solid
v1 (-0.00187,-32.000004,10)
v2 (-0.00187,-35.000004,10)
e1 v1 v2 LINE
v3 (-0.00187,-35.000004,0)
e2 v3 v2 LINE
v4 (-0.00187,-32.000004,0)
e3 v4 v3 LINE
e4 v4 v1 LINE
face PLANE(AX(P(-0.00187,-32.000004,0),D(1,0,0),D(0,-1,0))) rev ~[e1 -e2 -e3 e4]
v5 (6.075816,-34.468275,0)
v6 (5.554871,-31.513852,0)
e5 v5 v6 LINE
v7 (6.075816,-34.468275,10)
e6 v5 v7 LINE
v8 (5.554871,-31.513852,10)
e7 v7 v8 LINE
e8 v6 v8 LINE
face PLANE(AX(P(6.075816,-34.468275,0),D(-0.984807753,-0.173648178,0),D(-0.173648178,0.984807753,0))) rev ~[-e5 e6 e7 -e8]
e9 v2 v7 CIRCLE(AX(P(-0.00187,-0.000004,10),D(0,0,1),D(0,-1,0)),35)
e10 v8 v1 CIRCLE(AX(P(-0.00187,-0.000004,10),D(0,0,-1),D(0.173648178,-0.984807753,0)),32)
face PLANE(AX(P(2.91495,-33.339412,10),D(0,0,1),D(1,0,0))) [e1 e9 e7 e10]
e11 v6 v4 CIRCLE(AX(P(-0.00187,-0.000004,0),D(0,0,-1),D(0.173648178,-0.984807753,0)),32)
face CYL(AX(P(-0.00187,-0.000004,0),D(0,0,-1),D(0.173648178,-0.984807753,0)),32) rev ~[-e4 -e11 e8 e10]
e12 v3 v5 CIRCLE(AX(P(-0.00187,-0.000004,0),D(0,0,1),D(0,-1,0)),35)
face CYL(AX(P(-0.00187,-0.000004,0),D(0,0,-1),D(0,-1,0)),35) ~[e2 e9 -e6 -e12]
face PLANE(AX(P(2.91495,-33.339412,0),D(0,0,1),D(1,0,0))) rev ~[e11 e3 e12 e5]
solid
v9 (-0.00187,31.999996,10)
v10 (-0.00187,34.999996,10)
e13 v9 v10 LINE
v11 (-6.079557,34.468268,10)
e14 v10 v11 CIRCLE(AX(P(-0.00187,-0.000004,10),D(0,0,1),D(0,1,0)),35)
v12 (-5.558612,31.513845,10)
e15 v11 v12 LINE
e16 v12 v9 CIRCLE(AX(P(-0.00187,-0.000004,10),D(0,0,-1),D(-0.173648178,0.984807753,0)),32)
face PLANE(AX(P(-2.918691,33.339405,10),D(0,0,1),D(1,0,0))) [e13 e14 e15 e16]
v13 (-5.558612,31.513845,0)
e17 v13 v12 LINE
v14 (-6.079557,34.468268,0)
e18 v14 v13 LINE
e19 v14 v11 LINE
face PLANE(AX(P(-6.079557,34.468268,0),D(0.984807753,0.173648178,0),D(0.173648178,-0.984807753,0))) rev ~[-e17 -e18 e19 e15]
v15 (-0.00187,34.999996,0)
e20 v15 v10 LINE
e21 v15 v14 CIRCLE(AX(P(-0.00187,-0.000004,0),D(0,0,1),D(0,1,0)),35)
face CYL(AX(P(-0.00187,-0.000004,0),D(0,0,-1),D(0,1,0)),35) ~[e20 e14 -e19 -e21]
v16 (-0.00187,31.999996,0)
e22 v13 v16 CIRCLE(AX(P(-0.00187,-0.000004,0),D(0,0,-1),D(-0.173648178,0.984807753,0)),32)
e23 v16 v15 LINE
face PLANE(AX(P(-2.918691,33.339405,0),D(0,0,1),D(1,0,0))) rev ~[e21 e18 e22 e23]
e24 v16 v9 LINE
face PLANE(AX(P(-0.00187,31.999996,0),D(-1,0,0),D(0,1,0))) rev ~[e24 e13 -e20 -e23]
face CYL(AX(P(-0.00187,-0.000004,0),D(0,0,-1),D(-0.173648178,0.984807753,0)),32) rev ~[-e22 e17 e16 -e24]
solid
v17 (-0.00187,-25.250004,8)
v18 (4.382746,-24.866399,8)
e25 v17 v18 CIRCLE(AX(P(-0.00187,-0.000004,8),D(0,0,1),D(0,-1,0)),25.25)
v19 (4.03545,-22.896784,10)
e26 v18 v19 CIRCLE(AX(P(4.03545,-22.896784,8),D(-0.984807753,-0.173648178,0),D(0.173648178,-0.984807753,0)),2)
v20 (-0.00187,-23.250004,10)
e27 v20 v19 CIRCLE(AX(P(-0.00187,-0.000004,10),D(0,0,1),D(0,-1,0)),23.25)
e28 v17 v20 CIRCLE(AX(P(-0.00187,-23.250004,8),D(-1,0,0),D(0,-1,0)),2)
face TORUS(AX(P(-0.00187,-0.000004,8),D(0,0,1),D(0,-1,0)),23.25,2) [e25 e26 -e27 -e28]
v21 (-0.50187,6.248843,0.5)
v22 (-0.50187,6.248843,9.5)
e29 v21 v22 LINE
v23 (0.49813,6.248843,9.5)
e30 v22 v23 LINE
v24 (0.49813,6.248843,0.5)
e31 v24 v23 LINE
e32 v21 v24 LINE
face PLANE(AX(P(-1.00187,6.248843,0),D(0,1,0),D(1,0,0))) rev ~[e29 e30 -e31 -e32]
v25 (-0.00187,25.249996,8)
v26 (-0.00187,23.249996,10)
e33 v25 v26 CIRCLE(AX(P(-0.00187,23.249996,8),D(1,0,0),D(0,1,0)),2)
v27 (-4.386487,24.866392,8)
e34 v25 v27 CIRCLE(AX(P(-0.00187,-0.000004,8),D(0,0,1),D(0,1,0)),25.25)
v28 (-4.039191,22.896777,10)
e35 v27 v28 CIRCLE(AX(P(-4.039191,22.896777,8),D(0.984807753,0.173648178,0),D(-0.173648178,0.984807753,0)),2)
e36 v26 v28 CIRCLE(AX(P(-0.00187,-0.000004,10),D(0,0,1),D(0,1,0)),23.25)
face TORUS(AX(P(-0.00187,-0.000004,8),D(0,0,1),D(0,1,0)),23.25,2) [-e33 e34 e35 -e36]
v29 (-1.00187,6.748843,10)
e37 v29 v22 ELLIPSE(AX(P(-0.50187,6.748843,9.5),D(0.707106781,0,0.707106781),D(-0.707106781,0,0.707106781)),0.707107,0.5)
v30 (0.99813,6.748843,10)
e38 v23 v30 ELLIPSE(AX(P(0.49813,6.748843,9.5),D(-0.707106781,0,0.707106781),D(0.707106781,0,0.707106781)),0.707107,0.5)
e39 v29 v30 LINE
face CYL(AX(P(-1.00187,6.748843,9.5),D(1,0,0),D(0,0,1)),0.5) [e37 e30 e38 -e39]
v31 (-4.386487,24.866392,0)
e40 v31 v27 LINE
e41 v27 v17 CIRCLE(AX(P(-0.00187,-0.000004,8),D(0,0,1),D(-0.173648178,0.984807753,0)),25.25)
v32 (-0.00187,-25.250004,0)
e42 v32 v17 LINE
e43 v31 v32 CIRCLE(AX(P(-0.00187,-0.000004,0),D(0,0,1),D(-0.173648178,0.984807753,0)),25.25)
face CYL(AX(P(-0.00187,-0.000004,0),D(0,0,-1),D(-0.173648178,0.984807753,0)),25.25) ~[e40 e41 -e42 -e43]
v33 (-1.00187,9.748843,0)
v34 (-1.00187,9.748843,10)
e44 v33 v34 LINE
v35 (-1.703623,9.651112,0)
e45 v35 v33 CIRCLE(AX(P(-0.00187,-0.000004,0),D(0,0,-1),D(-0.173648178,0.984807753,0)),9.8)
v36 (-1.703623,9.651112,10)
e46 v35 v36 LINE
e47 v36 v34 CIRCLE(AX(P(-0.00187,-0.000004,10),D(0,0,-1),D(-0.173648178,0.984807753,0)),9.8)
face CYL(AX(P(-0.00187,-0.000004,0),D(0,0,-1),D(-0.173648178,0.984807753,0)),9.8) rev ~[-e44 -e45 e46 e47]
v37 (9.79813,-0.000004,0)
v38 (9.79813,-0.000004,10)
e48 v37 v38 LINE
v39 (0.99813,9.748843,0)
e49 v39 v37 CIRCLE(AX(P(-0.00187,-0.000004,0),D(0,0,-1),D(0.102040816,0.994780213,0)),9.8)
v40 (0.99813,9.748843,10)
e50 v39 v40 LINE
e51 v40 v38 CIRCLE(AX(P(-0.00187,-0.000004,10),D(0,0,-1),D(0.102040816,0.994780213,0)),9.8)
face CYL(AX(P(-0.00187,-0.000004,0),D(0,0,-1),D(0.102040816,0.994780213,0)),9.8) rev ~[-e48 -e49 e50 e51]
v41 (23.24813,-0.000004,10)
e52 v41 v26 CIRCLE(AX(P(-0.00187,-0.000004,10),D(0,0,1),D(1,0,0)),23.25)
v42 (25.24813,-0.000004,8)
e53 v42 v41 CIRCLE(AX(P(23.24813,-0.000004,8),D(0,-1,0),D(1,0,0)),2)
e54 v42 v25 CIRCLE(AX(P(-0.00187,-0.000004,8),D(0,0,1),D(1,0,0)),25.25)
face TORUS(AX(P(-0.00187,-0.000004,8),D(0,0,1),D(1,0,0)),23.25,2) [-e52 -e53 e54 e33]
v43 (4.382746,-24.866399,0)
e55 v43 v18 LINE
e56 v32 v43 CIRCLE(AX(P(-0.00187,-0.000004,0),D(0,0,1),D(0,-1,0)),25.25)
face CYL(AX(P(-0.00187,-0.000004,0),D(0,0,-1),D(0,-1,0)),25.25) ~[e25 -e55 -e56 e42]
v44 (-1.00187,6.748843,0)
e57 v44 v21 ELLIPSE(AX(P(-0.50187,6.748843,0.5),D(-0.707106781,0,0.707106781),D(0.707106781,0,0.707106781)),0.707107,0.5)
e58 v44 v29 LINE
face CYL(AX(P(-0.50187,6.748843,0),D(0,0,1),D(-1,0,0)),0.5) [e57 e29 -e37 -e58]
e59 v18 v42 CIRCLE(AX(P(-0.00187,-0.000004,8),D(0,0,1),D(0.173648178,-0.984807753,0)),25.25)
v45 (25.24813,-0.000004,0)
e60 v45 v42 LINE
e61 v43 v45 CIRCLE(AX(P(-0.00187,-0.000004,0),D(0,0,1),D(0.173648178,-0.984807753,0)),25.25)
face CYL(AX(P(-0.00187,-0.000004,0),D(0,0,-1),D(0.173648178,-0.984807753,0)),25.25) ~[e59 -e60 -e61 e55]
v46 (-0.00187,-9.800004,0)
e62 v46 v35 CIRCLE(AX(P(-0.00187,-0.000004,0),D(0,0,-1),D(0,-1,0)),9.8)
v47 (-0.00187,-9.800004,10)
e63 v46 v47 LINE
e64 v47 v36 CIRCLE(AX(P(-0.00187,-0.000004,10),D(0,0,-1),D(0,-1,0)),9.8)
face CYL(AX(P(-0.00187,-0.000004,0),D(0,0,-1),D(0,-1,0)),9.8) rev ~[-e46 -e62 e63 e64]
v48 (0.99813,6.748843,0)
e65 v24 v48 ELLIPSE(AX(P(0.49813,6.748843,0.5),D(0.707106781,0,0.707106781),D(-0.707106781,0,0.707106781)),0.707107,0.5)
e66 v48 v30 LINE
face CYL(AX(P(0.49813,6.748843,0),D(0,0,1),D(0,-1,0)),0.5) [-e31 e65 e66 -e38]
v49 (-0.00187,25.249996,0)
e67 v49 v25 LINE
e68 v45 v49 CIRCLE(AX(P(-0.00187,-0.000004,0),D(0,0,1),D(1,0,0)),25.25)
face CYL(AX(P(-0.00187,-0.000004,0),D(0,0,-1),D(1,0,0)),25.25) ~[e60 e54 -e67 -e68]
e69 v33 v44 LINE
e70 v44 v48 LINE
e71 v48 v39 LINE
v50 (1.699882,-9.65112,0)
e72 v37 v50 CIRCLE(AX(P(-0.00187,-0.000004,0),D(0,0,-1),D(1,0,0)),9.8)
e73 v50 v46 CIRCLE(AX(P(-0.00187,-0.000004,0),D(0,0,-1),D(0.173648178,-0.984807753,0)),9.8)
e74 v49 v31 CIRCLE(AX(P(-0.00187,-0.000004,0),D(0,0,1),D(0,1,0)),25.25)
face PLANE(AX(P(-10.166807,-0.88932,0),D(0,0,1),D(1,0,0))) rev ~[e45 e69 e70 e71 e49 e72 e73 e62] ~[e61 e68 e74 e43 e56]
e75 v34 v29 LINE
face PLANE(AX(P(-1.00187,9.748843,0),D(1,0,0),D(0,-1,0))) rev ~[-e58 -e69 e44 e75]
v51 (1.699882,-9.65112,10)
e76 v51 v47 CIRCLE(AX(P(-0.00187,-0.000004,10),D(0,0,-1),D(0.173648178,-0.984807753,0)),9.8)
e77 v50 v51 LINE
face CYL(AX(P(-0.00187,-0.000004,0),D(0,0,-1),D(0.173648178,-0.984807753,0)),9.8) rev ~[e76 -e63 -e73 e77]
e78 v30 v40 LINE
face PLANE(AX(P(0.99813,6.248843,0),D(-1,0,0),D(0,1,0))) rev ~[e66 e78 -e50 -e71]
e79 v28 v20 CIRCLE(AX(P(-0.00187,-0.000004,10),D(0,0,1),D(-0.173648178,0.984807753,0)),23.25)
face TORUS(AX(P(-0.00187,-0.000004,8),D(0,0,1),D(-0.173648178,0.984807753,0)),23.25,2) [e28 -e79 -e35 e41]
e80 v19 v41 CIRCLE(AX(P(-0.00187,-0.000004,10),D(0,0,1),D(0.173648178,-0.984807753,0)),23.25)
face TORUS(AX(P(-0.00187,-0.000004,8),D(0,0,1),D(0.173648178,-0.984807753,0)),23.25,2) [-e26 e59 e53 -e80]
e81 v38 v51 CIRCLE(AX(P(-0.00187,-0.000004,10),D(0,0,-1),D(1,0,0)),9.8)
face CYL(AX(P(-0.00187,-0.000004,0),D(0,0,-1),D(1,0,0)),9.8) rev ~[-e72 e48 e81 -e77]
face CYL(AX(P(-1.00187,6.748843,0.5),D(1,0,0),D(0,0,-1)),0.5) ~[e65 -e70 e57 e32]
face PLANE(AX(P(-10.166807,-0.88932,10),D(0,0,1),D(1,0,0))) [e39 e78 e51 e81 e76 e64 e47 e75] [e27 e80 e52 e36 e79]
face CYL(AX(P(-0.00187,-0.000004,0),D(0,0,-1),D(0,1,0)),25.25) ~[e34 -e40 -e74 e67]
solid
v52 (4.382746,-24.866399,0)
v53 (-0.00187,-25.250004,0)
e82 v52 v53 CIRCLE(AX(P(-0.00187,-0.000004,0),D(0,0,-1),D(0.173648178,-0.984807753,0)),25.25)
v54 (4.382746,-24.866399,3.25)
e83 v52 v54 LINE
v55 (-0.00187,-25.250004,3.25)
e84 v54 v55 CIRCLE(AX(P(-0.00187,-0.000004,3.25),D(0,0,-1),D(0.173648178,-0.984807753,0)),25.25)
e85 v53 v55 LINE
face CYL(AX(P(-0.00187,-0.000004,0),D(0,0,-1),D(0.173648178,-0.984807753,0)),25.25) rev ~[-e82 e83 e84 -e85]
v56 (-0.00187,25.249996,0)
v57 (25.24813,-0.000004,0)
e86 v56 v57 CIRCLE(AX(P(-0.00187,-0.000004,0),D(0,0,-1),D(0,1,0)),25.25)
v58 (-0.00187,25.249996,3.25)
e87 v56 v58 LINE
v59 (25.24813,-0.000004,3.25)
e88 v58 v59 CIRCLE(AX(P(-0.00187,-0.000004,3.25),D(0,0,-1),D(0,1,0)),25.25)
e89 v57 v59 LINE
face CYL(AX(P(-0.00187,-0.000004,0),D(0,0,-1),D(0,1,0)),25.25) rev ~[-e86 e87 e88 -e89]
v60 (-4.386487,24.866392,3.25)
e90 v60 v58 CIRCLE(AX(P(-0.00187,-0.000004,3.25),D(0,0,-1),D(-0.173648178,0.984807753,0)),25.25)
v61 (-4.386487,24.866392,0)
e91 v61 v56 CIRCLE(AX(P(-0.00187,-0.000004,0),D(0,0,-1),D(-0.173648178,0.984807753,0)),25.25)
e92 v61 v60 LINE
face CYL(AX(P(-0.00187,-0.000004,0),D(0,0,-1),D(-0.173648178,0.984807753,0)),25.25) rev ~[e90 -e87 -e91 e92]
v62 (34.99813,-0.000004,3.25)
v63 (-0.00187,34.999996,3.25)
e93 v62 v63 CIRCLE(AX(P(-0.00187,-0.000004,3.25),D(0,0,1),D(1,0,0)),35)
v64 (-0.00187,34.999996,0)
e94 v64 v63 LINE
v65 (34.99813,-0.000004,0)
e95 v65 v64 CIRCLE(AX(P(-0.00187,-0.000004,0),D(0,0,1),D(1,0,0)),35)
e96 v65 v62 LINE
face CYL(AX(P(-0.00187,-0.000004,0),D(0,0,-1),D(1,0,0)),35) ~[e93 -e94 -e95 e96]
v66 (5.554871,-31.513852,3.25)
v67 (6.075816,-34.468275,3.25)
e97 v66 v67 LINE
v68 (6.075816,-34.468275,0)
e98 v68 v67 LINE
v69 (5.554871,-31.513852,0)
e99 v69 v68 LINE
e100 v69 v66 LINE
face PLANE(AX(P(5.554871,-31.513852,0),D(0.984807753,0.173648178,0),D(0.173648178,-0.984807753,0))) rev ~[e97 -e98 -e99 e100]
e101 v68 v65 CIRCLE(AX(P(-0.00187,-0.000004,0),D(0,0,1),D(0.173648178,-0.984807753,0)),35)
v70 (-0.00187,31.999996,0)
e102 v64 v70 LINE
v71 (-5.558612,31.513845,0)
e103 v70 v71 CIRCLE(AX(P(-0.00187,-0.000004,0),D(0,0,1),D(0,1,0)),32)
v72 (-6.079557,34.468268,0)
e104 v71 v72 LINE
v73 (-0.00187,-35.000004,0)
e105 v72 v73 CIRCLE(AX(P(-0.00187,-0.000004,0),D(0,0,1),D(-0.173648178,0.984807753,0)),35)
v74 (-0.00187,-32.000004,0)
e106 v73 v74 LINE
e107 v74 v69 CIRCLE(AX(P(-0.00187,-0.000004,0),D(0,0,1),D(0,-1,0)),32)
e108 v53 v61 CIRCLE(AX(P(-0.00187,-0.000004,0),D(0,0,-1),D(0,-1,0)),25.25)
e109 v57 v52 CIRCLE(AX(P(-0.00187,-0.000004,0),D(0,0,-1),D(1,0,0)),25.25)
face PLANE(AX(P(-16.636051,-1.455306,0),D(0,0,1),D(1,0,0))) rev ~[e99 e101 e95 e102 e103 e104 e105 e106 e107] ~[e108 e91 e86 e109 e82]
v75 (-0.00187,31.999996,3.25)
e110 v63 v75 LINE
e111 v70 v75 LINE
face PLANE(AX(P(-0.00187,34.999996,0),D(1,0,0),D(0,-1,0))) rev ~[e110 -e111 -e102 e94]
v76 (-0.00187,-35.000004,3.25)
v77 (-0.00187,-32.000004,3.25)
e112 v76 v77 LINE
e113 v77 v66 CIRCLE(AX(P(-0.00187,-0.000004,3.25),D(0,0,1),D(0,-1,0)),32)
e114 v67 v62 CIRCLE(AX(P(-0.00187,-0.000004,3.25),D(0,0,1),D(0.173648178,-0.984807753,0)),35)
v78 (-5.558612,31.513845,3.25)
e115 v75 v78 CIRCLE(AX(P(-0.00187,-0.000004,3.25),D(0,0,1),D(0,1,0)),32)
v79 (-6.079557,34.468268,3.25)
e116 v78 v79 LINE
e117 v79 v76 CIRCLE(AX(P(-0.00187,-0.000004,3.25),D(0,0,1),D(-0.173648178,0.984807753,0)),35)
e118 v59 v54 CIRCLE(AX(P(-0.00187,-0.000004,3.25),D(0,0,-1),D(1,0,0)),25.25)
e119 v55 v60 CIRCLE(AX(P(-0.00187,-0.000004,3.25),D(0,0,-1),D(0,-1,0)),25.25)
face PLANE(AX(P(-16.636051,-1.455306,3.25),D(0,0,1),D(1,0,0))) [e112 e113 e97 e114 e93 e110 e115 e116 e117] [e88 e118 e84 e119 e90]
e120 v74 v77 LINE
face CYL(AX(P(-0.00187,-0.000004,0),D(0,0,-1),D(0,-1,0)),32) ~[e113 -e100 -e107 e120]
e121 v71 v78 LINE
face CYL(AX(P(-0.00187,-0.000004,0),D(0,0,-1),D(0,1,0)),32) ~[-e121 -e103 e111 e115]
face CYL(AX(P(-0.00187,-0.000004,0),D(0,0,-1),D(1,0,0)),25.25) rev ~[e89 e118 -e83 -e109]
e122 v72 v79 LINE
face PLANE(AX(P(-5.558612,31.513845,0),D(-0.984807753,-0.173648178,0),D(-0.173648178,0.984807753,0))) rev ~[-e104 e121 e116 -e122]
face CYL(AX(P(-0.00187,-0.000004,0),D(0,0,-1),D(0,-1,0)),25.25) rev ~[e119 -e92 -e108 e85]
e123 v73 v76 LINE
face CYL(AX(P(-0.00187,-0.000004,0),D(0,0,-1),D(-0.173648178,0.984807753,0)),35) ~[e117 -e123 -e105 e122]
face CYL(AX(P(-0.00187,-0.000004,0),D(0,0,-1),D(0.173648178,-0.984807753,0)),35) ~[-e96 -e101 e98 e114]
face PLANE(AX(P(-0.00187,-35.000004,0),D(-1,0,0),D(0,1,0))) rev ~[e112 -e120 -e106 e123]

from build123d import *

# Parameters (mm, degrees)
F1_DEPTH = 10
F2_DEPTH = 3.25
F3_R     = 2
F4_R     = 0.5


with BuildPart() as f1:
    # F0 (on Top) → F1 (new body)
    with BuildSketch(Plane.XY):
        with BuildLine():
            Line((-1.7036226104, 9.6511124089), (-4.3864869554, 24.8663921929))
            ThreePointArc((-4.3864869554, 24.8663921929), (-25.1557865961, -2.200686075), (-0.0018704693, -25.2500035706))
            Line((-0.0018704693, -25.2500035706), (-0.0018704693, -9.8000035706))
            ThreePointArc((-0.0018704693, -9.8000035706), (-9.7645785106, -0.8541298496), (-1.7036226104, 9.6511124089))
        make_face()
        with BuildLine():
            Line((-0.0018704693, 9.7999964294), (-0.0018704693, 25.2499964294))
            ThreePointArc((-0.0018704693, 25.2499964294), (-2.2025529737, 25.1539125562), (-4.3864869554, 24.8663921929))
            Line((-4.3864869554, 24.8663921929), (-1.7036226104, 9.6511124089))
            ThreePointArc((-1.7036226104, 9.6511124089), (-1.3536300453, 9.7063214831), (-1.0018704693, 9.7488425149))
            ThreePointArc((-1.0018704693, 9.7488425149), (-0.5025242226, 9.7871995957), (-0.0018704693, 9.7999964294))
        make_face()
        with BuildLine():
            ThreePointArc((4.3827460168, -24.8663993342), (19.3407517195, -16.2303907152), (25.2481295307, -3.5706e-06))
            ThreePointArc((25.2481295307, -3.5706e-06), (17.8525757557, 17.8544426543), (-0.0018704693, 25.2499964294))
            Line((-0.0018704693, 25.2499964294), (-0.0018704693, 9.7999964294))
            ThreePointArc((-0.0018704693, 9.7999964294), (0.4987832841, 9.7871995957), (0.9981295307, 9.7488425149))
            ThreePointArc((0.9981295307, 9.7488425149), (7.2727429225, 6.5665784931), (9.7981295307, -3.5706e-06))
            ThreePointArc((9.7981295307, -3.5706e-06), (7.5053650733, -6.2993221456), (1.6998816719, -9.6511195502))
            Line((1.6998816719, -9.6511195502), (4.3827460168, -24.8663993342))
        make_face()
        with BuildLine():
            ThreePointArc((-0.0018704693, -25.2500035706), (2.1988120351, -25.1539196974), (4.3827460168, -24.8663993342))
            Line((4.3827460168, -24.8663993342), (1.6998816719, -9.6511195502))
            ThreePointArc((1.6998816719, -9.6511195502), (0.8522558097, -9.7627116119), (-0.0018704693, -9.8000035706))
            Line((-0.0018704693, -9.8000035706), (-0.0018704693, -25.2500035706))
        make_face()
        with BuildLine():
            ThreePointArc((0.9981295307, 9.7488425149), (0.4987832841, 9.7871995957), (-0.0018704693, 9.7999964294))
            Line((-0.0018704693, 9.7999964294), (-0.0018704693, 6.2488425149))
            Line((-0.0018704693, 6.2488425149), (0.9981295307, 6.2488425149))
            Line((0.9981295307, 6.2488425149), (0.9981295307, 9.7488425149))
        make_face()
        with BuildLine():
            Line((-0.0018704693, 6.2488425149), (-0.0018704693, 9.7999964294))
            ThreePointArc((-0.0018704693, 9.7999964294), (-0.5025242226, 9.7871995957), (-1.0018704693, 9.7488425149))
            Line((-1.0018704693, 9.7488425149), (-1.0018704693, 6.2488425149))
            Line((-1.0018704693, 6.2488425149), (-0.0018704693, 6.2488425149))
        make_face()
    extrude(amount=F1_DEPTH)

    # F3
    f3_edges = [f1.edges().sort_by_distance(p)[0] for p in [
        (-0.00187, 25.249996, 10),
    ]]
    fillet(f3_edges, radius=F3_R)

    # F4
    f4_edges = [f1.edges().sort_by_distance(p)[0] for p in [
        (0.99813, 6.248843, 5),
        (-1.00187, 6.248843, 5),
        (-0.00187, 6.248843, 10),
        (-0.00187, 6.248843, 0),
    ]]
    fillet(f4_edges, radius=F4_R)


with BuildPart() as f1b:
    # F0 (on Top) → F1, piece 2 (new body)
    with BuildSketch(Plane.XY):
        with BuildLine():
            ThreePointArc((-5.5586121546, 31.5138445258), (-2.7908542372, 31.8782267683), (-0.0018704693, 31.9999964294))
            Line((-0.0018704693, 31.9999964294), (-0.0018704693, 34.9999964294))
            ThreePointArc((-0.0018704693, 34.9999964294), (-3.0523214654, 34.8668108626), (-6.0795566876, 34.4682677848))
            Line((-6.0795566876, 34.4682677848), (-5.5586121546, 31.5138445258))
        make_face()
    extrude(amount=F1_DEPTH)


with BuildPart() as f1c:
    # F0 (on Top) → F1, piece 3 (new body)
    with BuildSketch(Plane.XY):
        with BuildLine():
            Line((6.0758157491, -34.4682749261), (5.5548712161, -31.513851667))
            ThreePointArc((5.5548712161, -31.513851667), (2.7871132987, -31.8782339096), (-0.0018704693, -32.0000035706))
            Line((-0.0018704693, -32.0000035706), (-0.0018704693, -35.0000035706))
            ThreePointArc((-0.0018704693, -35.0000035706), (3.0485805269, -34.8668180038), (6.0758157491, -34.4682749261))
        make_face()
    extrude(amount=F1_DEPTH)


with BuildPart() as f2:
    # F0 (on Top) → F2 (new body)
    with BuildSketch(Plane.XY):
        with BuildLine():
            ThreePointArc((-0.0018704693, -25.2500035706), (-25.1557865961, -2.200686075), (-4.3864869554, 24.8663921929))
            Line((-4.3864869554, 24.8663921929), (-5.5586121546, 31.5138445258))
            ThreePointArc((-5.5586121546, 31.5138445258), (-31.8801008082, -2.7889873386), (-0.0018704693, -32.0000035706))
            Line((-0.0018704693, -32.0000035706), (-0.0018704693, -25.2500035706))
        make_face()
        with BuildLine():
            ThreePointArc((-0.0018704693, -32.0000035706), (-31.8801008082, -2.7889873386), (-5.5586121546, 31.5138445258))
            Line((-5.5586121546, 31.5138445258), (-6.0795566876, 34.4682677848))
            ThreePointArc((-6.0795566876, 34.4682677848), (-34.8686849025, -3.0504545668), (-0.0018704693, -35.0000035706))
            Line((-0.0018704693, -35.0000035706), (-0.0018704693, -32.0000035706))
        make_face()
        with BuildLine():
            ThreePointArc((-4.3864869554, 24.8663921929), (-2.2025529737, 25.1539125562), (-0.0018704693, 25.2499964294))
            Line((-0.0018704693, 25.2499964294), (-0.0018704693, 31.9999964294))
            ThreePointArc((-0.0018704693, 31.9999964294), (-2.7908542372, 31.8782267683), (-5.5586121546, 31.5138445258))
            Line((-5.5586121546, 31.5138445258), (-4.3864869554, 24.8663921929))
        make_face()
        with BuildLine():
            Line((-0.0018704693, 34.9999964294), (-0.0018704693, 31.9999964294))
            ThreePointArc((-0.0018704693, 31.9999964294), (22.6255465287, 22.6274134273), (31.9981295307, -3.5706e-06))
            ThreePointArc((31.9981295307, -3.5706e-06), (24.5115517105, -20.5692070806), (5.5548712161, -31.513851667))
            Line((5.5548712161, -31.513851667), (6.0758157491, -34.4682749261))
            ThreePointArc((6.0758157491, -34.4682749261), (26.8096850399, -22.4975699097), (34.9981295307, -3.5706e-06))
            ThreePointArc((34.9981295307, -3.5706e-06), (24.7468668723, 24.7487337709), (-0.0018704693, 34.9999964294))
        make_face()
        with BuildLine():
            ThreePointArc((-0.0018704693, 25.2499964294), (17.8525757557, 17.8544426543), (25.2481295307, -3.5706e-06))
            ThreePointArc((25.2481295307, -3.5706e-06), (19.3407517195, -16.2303907152), (4.3827460168, -24.8663993342))
            Line((4.3827460168, -24.8663993342), (5.5548712161, -31.513851667))
            ThreePointArc((5.5548712161, -31.513851667), (24.5115517105, -20.5692070806), (31.9981295307, -3.5706e-06))
            ThreePointArc((31.9981295307, -3.5706e-06), (22.6255465287, 22.6274134273), (-0.0018704693, 31.9999964294))
            Line((-0.0018704693, 31.9999964294), (-0.0018704693, 25.2499964294))
        make_face()
        with BuildLine():
            Line((5.5548712161, -31.513851667), (4.3827460168, -24.8663993342))
            ThreePointArc((4.3827460168, -24.8663993342), (2.1988120351, -25.1539196974), (-0.0018704693, -25.2500035706))
            Line((-0.0018704693, -25.2500035706), (-0.0018704693, -32.0000035706))
            ThreePointArc((-0.0018704693, -32.0000035706), (2.7871132987, -31.8782339096), (5.5548712161, -31.513851667))
        make_face()
    extrude(amount=F2_DEPTH)


solid = Compound([f1.part, f1b.part, f1c.part, f2.part])
